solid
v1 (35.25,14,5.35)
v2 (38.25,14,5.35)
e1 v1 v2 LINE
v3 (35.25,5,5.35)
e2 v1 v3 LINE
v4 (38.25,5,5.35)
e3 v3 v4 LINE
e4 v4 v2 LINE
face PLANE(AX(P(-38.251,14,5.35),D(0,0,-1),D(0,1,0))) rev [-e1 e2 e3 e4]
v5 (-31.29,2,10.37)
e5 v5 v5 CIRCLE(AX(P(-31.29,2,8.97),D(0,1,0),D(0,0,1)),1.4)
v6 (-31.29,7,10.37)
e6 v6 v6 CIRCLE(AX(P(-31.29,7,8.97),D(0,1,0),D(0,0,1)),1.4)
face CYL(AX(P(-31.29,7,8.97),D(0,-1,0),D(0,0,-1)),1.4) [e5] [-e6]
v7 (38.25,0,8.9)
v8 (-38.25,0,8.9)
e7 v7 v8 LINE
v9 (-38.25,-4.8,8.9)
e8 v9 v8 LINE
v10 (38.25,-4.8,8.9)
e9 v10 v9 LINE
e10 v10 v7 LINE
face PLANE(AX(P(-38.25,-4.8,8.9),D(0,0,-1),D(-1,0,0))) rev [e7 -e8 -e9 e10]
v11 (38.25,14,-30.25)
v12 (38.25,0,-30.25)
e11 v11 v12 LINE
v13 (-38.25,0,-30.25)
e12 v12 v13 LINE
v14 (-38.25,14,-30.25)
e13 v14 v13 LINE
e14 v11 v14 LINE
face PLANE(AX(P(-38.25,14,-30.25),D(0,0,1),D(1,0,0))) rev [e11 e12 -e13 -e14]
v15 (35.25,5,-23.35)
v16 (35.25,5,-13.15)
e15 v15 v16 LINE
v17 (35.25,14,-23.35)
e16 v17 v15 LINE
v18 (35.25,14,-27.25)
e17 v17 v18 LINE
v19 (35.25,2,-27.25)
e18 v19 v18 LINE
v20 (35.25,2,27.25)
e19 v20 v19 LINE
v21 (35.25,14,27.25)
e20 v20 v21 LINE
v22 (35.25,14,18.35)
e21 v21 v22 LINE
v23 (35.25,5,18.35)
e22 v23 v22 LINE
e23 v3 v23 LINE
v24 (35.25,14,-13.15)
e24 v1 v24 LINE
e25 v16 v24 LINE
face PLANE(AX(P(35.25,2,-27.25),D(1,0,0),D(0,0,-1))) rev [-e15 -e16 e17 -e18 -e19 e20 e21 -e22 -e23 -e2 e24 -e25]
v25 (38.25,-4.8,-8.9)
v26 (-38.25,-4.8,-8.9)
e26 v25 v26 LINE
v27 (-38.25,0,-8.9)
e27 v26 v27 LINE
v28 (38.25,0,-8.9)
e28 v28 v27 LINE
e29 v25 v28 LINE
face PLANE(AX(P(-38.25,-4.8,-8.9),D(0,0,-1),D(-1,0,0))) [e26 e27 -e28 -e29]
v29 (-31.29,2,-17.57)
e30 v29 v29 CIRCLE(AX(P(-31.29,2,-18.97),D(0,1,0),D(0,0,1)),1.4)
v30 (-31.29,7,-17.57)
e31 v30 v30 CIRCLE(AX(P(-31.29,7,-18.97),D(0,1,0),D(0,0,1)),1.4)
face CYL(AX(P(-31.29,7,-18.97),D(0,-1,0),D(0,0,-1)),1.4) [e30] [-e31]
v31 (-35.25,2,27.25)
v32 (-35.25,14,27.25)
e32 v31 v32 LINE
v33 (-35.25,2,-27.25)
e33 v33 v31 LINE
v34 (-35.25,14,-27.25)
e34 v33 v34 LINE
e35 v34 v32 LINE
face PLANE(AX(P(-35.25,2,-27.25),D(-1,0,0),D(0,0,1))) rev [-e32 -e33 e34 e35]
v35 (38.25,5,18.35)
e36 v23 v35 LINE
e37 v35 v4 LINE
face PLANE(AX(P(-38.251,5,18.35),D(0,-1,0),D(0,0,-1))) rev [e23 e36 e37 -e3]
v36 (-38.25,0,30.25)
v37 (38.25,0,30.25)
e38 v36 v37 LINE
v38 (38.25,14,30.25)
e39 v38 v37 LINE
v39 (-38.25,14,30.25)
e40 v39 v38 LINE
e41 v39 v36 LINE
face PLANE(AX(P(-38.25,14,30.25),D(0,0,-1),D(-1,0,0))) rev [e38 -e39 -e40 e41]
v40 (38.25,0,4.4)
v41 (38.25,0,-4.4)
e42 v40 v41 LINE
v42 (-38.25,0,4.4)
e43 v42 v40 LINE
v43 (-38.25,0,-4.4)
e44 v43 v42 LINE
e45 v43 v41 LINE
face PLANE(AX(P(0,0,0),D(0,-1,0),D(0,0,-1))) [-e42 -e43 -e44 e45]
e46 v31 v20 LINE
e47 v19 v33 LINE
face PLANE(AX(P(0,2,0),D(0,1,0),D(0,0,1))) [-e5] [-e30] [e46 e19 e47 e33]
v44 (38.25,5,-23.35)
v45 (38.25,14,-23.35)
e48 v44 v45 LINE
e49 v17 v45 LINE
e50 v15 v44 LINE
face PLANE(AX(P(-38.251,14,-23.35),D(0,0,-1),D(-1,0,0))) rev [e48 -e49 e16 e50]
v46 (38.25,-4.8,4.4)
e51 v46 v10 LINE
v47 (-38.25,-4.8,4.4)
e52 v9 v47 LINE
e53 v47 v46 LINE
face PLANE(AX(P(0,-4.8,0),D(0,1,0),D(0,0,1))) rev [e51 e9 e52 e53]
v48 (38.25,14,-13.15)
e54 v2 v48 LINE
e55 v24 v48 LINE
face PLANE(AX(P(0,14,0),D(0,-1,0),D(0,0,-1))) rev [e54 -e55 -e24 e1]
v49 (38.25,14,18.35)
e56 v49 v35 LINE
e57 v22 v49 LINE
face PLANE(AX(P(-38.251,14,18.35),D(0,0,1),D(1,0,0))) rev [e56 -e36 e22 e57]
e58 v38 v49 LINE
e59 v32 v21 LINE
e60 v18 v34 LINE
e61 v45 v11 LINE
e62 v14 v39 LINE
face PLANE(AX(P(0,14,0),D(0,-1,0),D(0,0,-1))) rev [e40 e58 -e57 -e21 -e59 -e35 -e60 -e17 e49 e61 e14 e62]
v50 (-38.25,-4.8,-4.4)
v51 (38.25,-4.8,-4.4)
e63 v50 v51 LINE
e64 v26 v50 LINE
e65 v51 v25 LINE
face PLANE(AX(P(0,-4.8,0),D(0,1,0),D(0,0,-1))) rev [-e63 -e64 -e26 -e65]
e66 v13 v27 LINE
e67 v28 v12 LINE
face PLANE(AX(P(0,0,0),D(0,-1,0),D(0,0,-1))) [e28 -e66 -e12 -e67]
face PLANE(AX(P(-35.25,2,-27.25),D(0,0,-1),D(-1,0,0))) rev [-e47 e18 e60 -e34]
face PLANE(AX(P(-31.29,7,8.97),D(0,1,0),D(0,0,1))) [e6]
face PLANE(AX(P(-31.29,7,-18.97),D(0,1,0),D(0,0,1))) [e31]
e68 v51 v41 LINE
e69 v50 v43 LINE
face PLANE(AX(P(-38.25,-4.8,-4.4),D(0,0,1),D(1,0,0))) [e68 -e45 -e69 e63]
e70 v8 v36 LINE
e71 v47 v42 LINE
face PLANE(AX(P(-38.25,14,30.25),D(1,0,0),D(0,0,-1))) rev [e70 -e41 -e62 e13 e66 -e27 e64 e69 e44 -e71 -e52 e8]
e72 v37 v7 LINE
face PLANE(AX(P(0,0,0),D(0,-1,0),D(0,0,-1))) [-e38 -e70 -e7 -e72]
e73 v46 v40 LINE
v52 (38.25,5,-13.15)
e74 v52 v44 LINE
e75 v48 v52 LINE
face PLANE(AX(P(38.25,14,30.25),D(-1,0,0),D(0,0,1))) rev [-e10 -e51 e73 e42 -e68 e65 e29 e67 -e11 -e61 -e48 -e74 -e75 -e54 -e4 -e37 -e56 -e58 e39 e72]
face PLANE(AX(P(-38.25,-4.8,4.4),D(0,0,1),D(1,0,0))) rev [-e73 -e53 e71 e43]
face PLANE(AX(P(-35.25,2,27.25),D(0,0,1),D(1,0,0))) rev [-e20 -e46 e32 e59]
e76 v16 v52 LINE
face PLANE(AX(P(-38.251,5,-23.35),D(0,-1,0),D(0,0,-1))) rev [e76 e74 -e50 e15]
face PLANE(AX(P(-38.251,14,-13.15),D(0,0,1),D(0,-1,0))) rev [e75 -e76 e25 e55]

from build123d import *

# Parameters (mm, degrees)
SKETCH1_W           = 76.5
SKETCH1_H           = 60.5
BOSS_EXTRUDE1_DEPTH = 14
SKETCH2_W           = 70.5
SKETCH2_H           = 54.5
CUT_EXTRUDE1_DEPTH  = 12
CUT_EXTRUDE2_REACH  = 85.446
SKETCH4_W           = 13
SKETCH4_H           = 9
SKETCH4_W_2         = 10.2
SKETCH5_W           = 76.5
SKETCH5_H           = 4.5
BOSS_EXTRUDE3_DEPTH = 4.8
SKETCH6_R           = 1.4
BOSS_EXTRUDE4_DEPTH = 5


with BuildPart() as part:
    # Sketch1 → Boss-Extrude1 (new body)
    with BuildSketch(Plane(origin=(0, 0, 0), x_dir=(1, 0, 0), z_dir=(0, 1, 0))):
        Rectangle(SKETCH1_W, SKETCH1_H)
    extrude(amount=BOSS_EXTRUDE1_DEPTH)

    # Sketch2 → Cut-Extrude1 (cut)
    with BuildSketch(Plane(origin=(0, 14, 0), x_dir=(1, 0, 0), z_dir=(0, 1, 0))):
        Rectangle(SKETCH2_W, SKETCH2_H)
    extrude(amount=-CUT_EXTRUDE1_DEPTH, mode=Mode.SUBTRACT)

    # Sketch4 → Cut-Extrude2 (cut, up to next)
    with BuildSketch(Plane(origin=(38.25, 0, 0), x_dir=(0, 0, -1), z_dir=(1, 0, 0)), mode=Mode.PRIVATE) as cut_extrude2_sk1:
        with Locations((-11.85, 9.5)):
            Rectangle(SKETCH4_W, SKETCH4_H)
    cut_extrude2_tool1 = extrude(cut_extrude2_sk1.sketch, amount=-CUT_EXTRUDE2_REACH, mode=Mode.PRIVATE) & part.part
    # Sketch4 → Cut-Extrude2 (cut, up to next)
    with BuildSketch(Plane(origin=(38.25, 0, 0), x_dir=(0, 0, -1), z_dir=(1, 0, 0)), mode=Mode.PRIVATE) as cut_extrude2_sk2:
        with Locations((18.25, 9.5)):
            Rectangle(SKETCH4_W_2, SKETCH4_H)
    cut_extrude2_tool2 = extrude(cut_extrude2_sk2.sketch, amount=-CUT_EXTRUDE2_REACH, mode=Mode.PRIVATE) & part.part
    add(cut_extrude2_tool1.solids().sort_by_distance((38.25, 9.5, 11.85))[0], mode=Mode.SUBTRACT)
    add(cut_extrude2_tool2.solids().sort_by_distance((38.25, 9.5, -18.25))[0], mode=Mode.SUBTRACT)

    # Sketch5 → Boss-Extrude3 (add)
    with BuildSketch(Plane.XZ):
        with Locations((0, 6.65)):
            Rectangle(SKETCH5_W, SKETCH5_H)
    boss_extrude3 = extrude(amount=BOSS_EXTRUDE3_DEPTH)

    # Mirror1: Boss-Extrude3 across plane
    add(boss_extrude3.mirror(Plane.XY))

    # Sketch6 → Boss-Extrude4 (add)
    with BuildSketch(Plane(origin=(0, 2, 0), x_dir=(1, 0, 0), z_dir=(0, 1, 0))):
        with Locations(Location((-31.29, -8.97, 0), (0, 0, 270))):
            Circle(SKETCH6_R)
        with Locations(Location((-31.29, 18.97, 0), (0, 0, 270))):
            Circle(SKETCH6_R)
    extrude(amount=BOSS_EXTRUDE4_DEPTH)


solid = part.part
